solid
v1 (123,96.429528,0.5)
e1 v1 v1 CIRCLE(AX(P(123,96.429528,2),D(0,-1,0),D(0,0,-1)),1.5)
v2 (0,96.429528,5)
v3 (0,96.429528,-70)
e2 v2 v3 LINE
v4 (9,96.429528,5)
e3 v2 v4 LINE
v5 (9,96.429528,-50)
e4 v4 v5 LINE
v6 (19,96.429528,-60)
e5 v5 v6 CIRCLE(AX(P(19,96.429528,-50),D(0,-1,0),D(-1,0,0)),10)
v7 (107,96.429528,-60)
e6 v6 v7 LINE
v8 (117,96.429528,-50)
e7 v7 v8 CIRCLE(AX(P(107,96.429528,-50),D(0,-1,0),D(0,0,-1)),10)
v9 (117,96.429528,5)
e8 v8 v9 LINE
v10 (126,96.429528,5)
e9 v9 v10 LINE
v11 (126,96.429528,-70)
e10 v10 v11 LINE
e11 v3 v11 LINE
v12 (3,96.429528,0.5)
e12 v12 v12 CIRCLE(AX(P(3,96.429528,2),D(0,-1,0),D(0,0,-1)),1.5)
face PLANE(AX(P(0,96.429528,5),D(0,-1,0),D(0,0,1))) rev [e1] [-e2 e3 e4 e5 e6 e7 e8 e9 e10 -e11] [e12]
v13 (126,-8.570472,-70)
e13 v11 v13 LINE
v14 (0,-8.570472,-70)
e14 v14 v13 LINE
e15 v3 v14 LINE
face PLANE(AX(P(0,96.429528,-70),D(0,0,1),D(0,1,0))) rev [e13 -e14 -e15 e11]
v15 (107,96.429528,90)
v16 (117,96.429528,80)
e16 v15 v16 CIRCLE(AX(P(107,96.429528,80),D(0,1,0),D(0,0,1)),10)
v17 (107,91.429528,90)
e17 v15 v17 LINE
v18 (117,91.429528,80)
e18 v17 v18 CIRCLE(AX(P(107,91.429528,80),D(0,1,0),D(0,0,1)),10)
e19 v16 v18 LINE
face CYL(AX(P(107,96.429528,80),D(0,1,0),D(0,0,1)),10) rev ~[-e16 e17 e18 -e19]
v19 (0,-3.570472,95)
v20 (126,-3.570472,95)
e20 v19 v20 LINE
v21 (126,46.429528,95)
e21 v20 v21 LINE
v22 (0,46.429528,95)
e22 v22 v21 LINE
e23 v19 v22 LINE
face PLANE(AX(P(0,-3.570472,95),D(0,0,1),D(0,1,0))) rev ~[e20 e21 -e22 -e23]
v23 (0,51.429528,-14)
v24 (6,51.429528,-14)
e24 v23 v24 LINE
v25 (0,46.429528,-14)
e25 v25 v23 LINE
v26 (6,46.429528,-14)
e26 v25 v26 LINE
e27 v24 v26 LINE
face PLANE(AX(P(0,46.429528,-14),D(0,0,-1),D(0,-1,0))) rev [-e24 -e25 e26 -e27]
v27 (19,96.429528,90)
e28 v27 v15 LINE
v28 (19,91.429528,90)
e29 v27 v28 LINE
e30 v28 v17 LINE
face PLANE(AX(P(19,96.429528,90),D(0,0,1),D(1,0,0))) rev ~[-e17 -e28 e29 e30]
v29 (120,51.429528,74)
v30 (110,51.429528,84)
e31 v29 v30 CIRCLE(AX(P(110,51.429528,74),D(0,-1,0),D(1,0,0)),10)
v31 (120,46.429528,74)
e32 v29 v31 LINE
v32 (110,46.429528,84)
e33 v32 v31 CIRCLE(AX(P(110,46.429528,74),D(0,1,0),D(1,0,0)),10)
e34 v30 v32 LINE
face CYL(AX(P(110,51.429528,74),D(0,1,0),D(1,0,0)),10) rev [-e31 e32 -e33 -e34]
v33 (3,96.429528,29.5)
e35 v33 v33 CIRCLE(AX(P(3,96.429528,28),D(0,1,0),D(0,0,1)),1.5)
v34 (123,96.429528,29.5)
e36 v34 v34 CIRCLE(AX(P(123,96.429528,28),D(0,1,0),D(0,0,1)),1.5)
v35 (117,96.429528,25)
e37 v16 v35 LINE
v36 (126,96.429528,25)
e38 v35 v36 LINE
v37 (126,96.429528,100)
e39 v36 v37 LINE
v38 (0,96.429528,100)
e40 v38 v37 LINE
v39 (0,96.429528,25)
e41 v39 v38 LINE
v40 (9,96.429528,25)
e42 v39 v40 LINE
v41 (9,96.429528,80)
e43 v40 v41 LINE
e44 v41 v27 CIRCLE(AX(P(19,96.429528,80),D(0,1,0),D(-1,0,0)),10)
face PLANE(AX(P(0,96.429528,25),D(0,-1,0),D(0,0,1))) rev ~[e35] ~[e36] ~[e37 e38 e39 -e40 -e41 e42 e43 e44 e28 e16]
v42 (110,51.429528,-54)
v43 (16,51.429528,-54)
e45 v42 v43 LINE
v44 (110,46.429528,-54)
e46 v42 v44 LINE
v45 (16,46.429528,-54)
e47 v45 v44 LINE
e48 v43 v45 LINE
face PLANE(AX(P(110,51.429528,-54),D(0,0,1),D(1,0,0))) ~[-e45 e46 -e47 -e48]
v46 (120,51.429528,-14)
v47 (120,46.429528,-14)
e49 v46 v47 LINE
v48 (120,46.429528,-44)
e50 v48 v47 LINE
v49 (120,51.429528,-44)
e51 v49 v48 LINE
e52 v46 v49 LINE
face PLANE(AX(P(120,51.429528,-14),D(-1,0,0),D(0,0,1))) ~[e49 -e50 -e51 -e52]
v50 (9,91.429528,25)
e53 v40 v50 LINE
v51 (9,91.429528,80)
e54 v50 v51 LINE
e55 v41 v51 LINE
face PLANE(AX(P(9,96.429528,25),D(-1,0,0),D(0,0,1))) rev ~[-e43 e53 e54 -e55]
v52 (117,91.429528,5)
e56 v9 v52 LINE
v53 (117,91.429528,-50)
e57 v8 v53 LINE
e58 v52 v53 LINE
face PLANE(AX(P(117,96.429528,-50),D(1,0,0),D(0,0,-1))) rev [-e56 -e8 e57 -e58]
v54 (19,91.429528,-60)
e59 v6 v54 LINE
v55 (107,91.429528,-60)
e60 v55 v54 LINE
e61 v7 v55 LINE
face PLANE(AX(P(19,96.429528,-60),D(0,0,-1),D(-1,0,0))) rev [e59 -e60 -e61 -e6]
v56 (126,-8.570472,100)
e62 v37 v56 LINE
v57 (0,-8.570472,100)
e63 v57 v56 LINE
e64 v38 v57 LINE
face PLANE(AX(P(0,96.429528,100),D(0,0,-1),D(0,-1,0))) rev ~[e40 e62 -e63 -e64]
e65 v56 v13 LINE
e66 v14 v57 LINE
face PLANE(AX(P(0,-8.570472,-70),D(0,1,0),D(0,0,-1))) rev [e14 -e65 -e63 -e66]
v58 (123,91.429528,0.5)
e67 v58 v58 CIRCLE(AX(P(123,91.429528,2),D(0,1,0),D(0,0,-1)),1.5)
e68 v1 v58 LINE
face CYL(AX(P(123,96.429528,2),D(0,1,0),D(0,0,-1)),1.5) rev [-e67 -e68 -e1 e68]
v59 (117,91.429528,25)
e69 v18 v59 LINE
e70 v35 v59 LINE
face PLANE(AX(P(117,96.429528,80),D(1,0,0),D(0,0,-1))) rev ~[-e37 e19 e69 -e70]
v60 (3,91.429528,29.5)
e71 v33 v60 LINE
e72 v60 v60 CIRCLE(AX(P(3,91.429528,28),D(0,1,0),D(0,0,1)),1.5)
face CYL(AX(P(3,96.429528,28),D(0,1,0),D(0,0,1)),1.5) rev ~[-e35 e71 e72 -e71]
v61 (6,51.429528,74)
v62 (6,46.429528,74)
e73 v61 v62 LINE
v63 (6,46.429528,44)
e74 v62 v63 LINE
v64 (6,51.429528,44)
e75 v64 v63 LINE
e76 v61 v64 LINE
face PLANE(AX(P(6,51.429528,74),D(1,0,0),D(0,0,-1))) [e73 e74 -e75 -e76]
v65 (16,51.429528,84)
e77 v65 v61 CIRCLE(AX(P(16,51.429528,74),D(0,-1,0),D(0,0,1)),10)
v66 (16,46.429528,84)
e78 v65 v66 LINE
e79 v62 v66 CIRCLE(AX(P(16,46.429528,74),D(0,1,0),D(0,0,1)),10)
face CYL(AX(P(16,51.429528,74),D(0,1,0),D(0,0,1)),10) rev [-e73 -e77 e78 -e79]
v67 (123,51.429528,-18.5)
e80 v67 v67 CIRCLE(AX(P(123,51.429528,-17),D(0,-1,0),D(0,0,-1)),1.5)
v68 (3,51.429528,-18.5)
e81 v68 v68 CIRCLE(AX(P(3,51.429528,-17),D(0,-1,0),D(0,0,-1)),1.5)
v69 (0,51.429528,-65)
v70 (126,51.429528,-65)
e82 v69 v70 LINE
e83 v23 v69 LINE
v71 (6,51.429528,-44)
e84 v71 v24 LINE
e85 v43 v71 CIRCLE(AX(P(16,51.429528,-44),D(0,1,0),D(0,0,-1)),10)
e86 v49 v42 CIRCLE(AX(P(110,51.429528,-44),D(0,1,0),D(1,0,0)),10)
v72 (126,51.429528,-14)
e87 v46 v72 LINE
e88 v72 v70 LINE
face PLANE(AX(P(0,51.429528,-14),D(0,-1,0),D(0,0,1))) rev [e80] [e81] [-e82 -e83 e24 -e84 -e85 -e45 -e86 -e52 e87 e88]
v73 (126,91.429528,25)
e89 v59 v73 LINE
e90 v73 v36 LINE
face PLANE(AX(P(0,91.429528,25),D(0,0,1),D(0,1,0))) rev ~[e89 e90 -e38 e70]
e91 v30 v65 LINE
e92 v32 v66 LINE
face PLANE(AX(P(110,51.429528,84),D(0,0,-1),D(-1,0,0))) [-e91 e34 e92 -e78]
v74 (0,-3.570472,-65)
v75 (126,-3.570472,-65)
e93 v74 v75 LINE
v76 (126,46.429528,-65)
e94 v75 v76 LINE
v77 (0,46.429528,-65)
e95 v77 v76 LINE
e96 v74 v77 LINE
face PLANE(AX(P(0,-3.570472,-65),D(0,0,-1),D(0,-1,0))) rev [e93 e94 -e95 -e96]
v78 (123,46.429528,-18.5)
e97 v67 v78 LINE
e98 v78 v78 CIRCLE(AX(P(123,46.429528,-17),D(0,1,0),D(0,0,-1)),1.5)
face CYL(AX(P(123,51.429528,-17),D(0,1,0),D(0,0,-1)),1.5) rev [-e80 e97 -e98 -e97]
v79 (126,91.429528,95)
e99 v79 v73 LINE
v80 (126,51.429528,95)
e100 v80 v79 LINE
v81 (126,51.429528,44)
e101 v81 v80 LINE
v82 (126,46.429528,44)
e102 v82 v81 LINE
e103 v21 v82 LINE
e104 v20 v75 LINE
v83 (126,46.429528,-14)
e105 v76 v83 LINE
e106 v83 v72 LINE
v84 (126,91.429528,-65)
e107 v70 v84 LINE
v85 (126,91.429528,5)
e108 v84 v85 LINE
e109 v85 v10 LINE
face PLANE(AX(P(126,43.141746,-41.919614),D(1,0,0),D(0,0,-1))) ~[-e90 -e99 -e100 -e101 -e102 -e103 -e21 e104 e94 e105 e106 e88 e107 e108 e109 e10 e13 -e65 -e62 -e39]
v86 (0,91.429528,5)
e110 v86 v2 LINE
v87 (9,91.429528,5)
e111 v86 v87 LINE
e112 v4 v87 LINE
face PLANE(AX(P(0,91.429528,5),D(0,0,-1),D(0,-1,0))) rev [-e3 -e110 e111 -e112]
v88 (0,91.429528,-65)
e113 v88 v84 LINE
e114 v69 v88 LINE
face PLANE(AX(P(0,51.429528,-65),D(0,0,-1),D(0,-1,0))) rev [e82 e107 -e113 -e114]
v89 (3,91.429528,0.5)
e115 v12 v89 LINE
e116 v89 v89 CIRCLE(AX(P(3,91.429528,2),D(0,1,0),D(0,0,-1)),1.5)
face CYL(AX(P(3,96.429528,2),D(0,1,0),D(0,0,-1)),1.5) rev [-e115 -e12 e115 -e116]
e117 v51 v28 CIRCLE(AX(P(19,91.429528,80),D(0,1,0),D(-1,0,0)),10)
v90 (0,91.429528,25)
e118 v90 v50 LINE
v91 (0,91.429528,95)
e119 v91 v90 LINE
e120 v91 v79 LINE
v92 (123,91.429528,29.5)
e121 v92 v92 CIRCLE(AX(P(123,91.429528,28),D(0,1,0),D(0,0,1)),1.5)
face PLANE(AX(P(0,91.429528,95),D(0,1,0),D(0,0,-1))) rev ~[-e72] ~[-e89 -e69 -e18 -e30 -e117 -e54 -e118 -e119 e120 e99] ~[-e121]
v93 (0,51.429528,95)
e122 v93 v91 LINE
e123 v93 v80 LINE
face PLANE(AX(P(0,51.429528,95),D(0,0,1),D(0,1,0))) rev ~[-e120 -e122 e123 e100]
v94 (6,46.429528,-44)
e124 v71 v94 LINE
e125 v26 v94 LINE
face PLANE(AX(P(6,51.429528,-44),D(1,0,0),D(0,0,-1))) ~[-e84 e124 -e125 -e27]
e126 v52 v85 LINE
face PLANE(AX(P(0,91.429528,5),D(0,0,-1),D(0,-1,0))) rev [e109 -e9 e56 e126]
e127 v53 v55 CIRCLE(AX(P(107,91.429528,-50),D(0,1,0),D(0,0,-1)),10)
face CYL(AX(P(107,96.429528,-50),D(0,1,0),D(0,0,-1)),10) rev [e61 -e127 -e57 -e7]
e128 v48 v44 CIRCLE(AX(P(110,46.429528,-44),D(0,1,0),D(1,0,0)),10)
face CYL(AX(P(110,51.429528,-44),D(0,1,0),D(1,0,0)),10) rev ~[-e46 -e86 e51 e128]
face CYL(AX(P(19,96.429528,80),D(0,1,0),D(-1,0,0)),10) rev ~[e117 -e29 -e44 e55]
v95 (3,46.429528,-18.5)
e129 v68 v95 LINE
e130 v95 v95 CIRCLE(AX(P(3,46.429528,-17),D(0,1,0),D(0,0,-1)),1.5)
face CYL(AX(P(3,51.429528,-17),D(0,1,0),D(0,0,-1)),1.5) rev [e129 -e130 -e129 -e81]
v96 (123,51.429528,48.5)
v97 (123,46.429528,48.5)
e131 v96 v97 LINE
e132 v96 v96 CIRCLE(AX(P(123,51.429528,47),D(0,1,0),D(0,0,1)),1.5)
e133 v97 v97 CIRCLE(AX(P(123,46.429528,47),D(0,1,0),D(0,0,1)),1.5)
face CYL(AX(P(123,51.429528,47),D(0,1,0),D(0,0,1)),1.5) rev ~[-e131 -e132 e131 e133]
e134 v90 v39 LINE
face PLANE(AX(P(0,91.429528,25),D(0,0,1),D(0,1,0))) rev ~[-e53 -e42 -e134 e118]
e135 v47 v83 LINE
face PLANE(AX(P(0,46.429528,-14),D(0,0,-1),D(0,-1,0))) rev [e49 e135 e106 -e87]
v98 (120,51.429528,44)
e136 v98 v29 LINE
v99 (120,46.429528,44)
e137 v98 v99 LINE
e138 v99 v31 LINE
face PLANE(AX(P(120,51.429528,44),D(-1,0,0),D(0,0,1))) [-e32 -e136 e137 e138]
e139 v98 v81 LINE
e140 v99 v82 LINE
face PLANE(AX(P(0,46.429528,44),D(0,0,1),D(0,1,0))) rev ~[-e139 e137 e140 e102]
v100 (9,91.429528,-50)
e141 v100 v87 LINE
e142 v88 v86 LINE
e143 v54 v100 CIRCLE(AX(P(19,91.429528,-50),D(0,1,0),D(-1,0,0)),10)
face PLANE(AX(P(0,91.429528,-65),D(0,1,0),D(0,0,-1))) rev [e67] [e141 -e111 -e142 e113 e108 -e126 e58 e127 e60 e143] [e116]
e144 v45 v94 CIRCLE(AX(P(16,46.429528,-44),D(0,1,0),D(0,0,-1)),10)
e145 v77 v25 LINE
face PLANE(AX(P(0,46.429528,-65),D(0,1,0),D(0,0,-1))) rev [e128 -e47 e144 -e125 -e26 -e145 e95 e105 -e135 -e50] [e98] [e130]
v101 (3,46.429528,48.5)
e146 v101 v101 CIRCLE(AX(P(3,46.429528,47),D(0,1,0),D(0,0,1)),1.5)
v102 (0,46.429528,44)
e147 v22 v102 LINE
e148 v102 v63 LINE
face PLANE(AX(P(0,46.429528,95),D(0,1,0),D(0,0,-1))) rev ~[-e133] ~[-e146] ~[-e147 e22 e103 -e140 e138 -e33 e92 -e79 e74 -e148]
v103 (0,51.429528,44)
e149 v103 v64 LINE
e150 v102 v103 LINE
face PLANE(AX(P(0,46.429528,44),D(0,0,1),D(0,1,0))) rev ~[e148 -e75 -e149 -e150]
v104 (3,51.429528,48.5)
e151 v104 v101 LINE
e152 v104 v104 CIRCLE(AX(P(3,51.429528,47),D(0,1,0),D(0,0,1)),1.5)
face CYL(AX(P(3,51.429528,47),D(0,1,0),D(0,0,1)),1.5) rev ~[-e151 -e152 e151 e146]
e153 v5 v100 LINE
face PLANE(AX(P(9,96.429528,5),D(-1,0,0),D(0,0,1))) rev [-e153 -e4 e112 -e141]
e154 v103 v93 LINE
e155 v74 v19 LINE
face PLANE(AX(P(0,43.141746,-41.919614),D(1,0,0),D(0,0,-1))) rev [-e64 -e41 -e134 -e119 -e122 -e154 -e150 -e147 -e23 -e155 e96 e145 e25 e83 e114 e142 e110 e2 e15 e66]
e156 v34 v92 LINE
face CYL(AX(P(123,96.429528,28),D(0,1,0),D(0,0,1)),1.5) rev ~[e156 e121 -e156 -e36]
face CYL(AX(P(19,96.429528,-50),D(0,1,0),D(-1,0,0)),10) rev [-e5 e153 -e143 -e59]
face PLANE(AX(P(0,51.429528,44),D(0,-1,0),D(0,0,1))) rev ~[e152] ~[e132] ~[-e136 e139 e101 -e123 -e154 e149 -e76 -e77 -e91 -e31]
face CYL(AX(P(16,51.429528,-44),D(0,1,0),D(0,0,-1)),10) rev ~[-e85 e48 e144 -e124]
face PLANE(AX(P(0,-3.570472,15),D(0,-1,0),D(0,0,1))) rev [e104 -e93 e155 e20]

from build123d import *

# Parameters (mm, degrees)
BOSS_EXTRUDE1_DEPTH = 126
SKETCH2_R           = 1.5
CUT_EXTRUDE1_DEPTH  = 45
SKETCH3_R           = 1.5
CUT_EXTRUDE3_DEPTH  = 55
CUT_EXTRUDE6_DEPTH  = 45


with BuildPart() as part:
    # Sketch1 → Boss-Extrude1 (new body)
    with BuildSketch(Plane(origin=(0, 0, 0), x_dir=(0, 0, -1), z_dir=(1, 0, 0))):
        Polygon((-95, -3.570472346), (-95, 46.429527654), (-44, 46.429527654), (-44, 51.429527654), (-95, 51.429527654), (-95, 91.429527654), (-25, 91.429527654), (-25, 96.429527654), (-90, 96.429527654), (-100, 96.429527654), (-100, 86.429527654), (-100, -8.570472346), (-90, -8.570472346), (-15, -8.570472346), (-15, -3.570472346), align=None)
    boss_extrude1 = extrude(amount=BOSS_EXTRUDE1_DEPTH)

    # Sketch2 → Cut-Extrude1 (cut)
    with BuildSketch(Plane(origin=(0, 96.429527654, 0), x_dir=(1, 0, 0), z_dir=(0, 1, 0))):
        with Locations(Location((3, -28, 0), (0, 0, 270))):
            Circle(SKETCH2_R)
        with Locations(Location((123, -28, 0), (0, 0, 270))):
            Circle(SKETCH2_R)
    cut_extrude1 = extrude(amount=-CUT_EXTRUDE1_DEPTH, mode=Mode.SUBTRACT)

    # Sketch3 → Cut-Extrude3 (cut)
    with BuildSketch(Plane(origin=(0, 51.429527654, 0), x_dir=(1, 0, 0), z_dir=(0, 1, 0))):
        with Locations(Location((3, -47, 0), (0, 0, 270))):
            Circle(SKETCH3_R)
        with Locations(Location((123, -47, 0), (0, 0, 270))):
            Circle(SKETCH3_R)
        with BuildLine():
            Line((6, -74), (6, -44))
            Line((6, -44), (120, -44))
            Line((120, -44), (120, -74))
            ThreePointArc((120, -74), (117.071067812, -81.071067812), (110, -84))
            Line((110, -84), (16, -84))
            ThreePointArc((16, -84), (8.928932188, -81.071067812), (6, -74))
        make_face()
    cut_extrude3 = extrude(amount=-CUT_EXTRUDE3_DEPTH, mode=Mode.SUBTRACT)

    # Mirror2: Boss-Extrude1, Cut-Extrude1, Cut-Extrude3 across plane
    add(boss_extrude1.mirror(Plane(origin=(0, 0, 15), x_dir=(1, 0, 0), z_dir=(0, 0, -1))))
    add(cut_extrude1.mirror(Plane(origin=(0, 0, 15), x_dir=(1, 0, 0), z_dir=(0, 0, -1))), mode=Mode.SUBTRACT)
    add(cut_extrude3.mirror(Plane(origin=(0, 0, 15), x_dir=(1, 0, 0), z_dir=(0, 0, -1))), mode=Mode.SUBTRACT)

    # Sketch4 → Cut-Extrude6 (cut)
    with BuildSketch(Plane(origin=(0, 96.429527654, 0), x_dir=(1, 0, 0), z_dir=(0, 1, 0))):
        with BuildLine():
            Line((9, -25), (9, -80))
            ThreePointArc((9, -80), (11.928932188, -87.071067812), (19, -90))
            Line((19, -90), (107, -90))
            ThreePointArc((107, -90), (114.071067812, -87.071067812), (117, -80))
            Line((117, -80), (117, -25))
            Line((117, -25), (9, -25))
        make_face()
    cut_extrude6 = extrude(amount=-CUT_EXTRUDE6_DEPTH, mode=Mode.SUBTRACT)

    # Mirror5: Cut-Extrude6 across plane
    add(cut_extrude6.mirror(Plane(origin=(0, 0, 15), x_dir=(1, 0, 0), z_dir=(0, 0, -1))), mode=Mode.SUBTRACT)


solid = part.part
